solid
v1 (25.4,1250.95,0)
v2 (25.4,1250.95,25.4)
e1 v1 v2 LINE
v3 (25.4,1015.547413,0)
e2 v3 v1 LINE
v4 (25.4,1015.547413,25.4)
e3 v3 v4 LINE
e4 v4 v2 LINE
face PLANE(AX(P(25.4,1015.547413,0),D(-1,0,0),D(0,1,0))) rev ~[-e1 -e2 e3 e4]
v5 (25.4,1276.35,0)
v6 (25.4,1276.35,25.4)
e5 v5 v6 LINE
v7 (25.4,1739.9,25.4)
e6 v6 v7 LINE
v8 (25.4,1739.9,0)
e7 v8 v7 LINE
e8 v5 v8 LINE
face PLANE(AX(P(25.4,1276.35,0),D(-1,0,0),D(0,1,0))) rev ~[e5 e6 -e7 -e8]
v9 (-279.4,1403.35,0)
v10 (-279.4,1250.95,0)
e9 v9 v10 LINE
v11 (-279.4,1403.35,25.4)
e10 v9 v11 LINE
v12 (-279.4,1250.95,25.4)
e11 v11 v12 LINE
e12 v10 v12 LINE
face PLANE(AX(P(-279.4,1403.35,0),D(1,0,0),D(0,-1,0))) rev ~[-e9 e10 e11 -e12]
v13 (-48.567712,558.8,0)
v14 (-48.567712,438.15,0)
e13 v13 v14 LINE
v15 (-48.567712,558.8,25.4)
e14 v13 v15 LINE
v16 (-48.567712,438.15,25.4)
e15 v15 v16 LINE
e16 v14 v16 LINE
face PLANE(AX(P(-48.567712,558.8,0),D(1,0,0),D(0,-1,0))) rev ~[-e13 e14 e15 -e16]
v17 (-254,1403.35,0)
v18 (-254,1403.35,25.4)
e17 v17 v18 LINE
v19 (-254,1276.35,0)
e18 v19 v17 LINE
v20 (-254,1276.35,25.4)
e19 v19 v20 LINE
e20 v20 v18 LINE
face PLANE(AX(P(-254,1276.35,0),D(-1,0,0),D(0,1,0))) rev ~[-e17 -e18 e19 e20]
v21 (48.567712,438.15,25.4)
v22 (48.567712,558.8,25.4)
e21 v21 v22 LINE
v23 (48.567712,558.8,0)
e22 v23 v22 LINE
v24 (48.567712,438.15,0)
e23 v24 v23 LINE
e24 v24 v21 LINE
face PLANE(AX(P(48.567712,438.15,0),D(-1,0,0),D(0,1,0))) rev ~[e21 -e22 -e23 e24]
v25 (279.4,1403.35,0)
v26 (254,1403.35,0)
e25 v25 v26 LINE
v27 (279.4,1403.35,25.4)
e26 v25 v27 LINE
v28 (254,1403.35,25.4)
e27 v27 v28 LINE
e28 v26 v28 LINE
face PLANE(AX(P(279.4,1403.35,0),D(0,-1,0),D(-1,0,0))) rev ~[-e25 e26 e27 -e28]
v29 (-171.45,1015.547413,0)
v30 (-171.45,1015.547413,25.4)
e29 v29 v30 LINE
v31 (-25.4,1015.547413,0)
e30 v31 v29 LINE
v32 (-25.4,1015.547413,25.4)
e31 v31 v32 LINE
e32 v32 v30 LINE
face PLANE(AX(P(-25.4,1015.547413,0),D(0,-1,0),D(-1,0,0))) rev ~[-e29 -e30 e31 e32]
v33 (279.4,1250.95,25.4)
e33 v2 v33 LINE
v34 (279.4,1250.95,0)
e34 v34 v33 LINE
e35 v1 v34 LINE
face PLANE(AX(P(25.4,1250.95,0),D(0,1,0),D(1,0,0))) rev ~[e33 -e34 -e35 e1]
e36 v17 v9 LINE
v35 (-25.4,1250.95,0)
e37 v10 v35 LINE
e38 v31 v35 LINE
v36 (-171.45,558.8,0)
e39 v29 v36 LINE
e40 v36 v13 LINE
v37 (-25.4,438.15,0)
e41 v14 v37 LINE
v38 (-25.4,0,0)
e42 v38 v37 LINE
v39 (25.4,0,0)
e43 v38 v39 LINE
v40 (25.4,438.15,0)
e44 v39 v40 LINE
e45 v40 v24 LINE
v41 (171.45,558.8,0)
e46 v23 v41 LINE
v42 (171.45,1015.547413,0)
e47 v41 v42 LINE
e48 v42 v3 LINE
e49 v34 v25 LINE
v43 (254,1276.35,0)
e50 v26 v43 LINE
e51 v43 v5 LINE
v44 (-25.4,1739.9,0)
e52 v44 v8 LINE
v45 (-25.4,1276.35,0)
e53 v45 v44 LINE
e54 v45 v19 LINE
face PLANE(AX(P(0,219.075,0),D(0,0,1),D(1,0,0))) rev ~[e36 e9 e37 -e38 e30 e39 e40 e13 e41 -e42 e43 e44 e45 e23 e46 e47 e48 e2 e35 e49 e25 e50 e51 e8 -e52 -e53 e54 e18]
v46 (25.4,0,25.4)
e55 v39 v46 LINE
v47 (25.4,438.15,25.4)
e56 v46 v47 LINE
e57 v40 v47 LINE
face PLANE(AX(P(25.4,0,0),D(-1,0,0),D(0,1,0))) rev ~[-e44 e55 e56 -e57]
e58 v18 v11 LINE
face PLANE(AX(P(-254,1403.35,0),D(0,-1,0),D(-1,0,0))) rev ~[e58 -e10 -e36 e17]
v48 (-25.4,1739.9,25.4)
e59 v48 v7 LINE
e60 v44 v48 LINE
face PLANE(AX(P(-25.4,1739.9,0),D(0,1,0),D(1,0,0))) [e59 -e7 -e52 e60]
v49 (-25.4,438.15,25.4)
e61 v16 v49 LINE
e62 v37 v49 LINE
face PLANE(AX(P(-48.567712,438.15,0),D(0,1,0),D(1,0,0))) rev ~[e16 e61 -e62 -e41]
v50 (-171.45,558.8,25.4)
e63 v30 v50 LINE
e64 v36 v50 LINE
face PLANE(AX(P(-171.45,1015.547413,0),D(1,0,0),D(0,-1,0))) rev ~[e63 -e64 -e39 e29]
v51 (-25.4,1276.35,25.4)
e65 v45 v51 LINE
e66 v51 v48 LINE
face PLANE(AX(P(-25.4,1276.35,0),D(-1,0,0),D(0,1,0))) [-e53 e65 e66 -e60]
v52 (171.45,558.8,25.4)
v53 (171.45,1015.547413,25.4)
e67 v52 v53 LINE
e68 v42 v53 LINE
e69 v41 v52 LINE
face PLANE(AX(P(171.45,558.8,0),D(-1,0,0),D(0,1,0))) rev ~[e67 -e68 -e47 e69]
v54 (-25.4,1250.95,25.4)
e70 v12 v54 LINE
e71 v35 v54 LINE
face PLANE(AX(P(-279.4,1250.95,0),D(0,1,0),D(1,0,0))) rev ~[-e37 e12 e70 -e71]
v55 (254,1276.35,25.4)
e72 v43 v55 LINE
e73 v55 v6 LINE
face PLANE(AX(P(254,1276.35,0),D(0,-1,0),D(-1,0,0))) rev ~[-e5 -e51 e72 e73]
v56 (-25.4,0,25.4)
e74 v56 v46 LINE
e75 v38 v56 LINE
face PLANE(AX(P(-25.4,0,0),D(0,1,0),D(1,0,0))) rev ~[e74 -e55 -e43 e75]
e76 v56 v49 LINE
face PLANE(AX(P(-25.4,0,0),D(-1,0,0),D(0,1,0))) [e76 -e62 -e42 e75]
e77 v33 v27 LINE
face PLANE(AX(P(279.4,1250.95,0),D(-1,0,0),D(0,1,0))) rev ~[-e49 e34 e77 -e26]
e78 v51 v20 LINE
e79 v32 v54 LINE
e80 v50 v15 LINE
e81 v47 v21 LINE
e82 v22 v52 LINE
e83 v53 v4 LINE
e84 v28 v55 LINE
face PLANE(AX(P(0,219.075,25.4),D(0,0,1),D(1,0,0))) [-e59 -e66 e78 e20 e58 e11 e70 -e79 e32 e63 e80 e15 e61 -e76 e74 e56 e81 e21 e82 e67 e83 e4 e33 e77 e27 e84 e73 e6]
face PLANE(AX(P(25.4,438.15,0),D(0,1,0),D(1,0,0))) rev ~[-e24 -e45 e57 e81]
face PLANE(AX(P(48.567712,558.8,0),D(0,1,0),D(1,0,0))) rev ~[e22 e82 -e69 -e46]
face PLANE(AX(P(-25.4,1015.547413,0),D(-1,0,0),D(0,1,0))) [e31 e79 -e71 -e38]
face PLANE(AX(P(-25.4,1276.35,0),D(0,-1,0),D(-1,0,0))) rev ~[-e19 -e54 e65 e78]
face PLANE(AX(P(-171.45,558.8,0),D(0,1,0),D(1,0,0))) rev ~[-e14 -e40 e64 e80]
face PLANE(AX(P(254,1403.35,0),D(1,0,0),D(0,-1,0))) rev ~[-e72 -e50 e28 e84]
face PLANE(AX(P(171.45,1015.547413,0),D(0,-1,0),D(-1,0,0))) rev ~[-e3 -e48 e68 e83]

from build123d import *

# Parameters (mm, degrees)
F0_W     = 50.8
F0_H     = 438.15
F0_W_2   = 23.167712307
F0_H_2   = 120.65
F0_H_3   = 101.0720067978
F0_H_4   = 355.6754058838
F0_H_5   = 235.4025873184
F0_H_6   = 25.4
F0_H_7   = 463.55
F1_DEPTH = 25.4


with BuildPart() as f1:
    # F0 (on Top) → F1 (new body)
    with BuildSketch(Plane.XY):
        with Locations((0, 219.075)):
            Rectangle(F0_W, F0_H)
        with Locations((-36.9838561535, 498.475)):
            Rectangle(F0_W_2, F0_H_2)
        with Locations((0, 498.475)):
            Rectangle(F0_W, F0_H_2)
        with Locations((36.9838561535, 498.475)):
            Rectangle(F0_W_2, F0_H_2)
        with Locations((-36.9838561535, 609.3360033989)):
            Rectangle(F0_W_2, F0_H_3)
        with Locations((36.9838561535, 609.3360033989)):
            Rectangle(F0_W_2, F0_H_3)
        Polygon((-48.567712307, 659.8720067978), (-25.4, 659.8720067978), (-25.4, 1015.5474126816), (-171.45, 1015.5474126816), (-171.45, 558.8), (-48.567712307, 558.8), align=None)
        with Locations((0, 837.7097097397)):
            Rectangle(F0_W, F0_H_4)
        Polygon((25.4, 1015.5474126816), (25.4, 659.8720067978), (48.567712307, 659.8720067978), (48.567712307, 558.8), (171.45, 558.8), (171.45, 1015.5474126816), align=None)
        with Locations((0, 1133.2487063408)):
            Rectangle(F0_W, F0_H_5)
        Polygon((-279.4, 1250.95), (-25.4, 1250.95), (-25.4, 1276.35), (-254, 1276.35), (-254, 1403.35), (-279.4, 1403.35), align=None)
        with Locations((0, 1263.65)):
            Rectangle(F0_W, F0_H_6)
        Polygon((25.4, 1276.35), (25.4, 1250.95), (279.4, 1250.95), (279.4, 1403.35), (254, 1403.35), (254, 1276.35), align=None)
        with Locations((0, 1508.125)):
            Rectangle(F0_W, F0_H_7)
        with Locations((0, 609.3360033989)):
            Rectangle(F0_W, F0_H_3)
    extrude(amount=F1_DEPTH)


solid = f1.part
